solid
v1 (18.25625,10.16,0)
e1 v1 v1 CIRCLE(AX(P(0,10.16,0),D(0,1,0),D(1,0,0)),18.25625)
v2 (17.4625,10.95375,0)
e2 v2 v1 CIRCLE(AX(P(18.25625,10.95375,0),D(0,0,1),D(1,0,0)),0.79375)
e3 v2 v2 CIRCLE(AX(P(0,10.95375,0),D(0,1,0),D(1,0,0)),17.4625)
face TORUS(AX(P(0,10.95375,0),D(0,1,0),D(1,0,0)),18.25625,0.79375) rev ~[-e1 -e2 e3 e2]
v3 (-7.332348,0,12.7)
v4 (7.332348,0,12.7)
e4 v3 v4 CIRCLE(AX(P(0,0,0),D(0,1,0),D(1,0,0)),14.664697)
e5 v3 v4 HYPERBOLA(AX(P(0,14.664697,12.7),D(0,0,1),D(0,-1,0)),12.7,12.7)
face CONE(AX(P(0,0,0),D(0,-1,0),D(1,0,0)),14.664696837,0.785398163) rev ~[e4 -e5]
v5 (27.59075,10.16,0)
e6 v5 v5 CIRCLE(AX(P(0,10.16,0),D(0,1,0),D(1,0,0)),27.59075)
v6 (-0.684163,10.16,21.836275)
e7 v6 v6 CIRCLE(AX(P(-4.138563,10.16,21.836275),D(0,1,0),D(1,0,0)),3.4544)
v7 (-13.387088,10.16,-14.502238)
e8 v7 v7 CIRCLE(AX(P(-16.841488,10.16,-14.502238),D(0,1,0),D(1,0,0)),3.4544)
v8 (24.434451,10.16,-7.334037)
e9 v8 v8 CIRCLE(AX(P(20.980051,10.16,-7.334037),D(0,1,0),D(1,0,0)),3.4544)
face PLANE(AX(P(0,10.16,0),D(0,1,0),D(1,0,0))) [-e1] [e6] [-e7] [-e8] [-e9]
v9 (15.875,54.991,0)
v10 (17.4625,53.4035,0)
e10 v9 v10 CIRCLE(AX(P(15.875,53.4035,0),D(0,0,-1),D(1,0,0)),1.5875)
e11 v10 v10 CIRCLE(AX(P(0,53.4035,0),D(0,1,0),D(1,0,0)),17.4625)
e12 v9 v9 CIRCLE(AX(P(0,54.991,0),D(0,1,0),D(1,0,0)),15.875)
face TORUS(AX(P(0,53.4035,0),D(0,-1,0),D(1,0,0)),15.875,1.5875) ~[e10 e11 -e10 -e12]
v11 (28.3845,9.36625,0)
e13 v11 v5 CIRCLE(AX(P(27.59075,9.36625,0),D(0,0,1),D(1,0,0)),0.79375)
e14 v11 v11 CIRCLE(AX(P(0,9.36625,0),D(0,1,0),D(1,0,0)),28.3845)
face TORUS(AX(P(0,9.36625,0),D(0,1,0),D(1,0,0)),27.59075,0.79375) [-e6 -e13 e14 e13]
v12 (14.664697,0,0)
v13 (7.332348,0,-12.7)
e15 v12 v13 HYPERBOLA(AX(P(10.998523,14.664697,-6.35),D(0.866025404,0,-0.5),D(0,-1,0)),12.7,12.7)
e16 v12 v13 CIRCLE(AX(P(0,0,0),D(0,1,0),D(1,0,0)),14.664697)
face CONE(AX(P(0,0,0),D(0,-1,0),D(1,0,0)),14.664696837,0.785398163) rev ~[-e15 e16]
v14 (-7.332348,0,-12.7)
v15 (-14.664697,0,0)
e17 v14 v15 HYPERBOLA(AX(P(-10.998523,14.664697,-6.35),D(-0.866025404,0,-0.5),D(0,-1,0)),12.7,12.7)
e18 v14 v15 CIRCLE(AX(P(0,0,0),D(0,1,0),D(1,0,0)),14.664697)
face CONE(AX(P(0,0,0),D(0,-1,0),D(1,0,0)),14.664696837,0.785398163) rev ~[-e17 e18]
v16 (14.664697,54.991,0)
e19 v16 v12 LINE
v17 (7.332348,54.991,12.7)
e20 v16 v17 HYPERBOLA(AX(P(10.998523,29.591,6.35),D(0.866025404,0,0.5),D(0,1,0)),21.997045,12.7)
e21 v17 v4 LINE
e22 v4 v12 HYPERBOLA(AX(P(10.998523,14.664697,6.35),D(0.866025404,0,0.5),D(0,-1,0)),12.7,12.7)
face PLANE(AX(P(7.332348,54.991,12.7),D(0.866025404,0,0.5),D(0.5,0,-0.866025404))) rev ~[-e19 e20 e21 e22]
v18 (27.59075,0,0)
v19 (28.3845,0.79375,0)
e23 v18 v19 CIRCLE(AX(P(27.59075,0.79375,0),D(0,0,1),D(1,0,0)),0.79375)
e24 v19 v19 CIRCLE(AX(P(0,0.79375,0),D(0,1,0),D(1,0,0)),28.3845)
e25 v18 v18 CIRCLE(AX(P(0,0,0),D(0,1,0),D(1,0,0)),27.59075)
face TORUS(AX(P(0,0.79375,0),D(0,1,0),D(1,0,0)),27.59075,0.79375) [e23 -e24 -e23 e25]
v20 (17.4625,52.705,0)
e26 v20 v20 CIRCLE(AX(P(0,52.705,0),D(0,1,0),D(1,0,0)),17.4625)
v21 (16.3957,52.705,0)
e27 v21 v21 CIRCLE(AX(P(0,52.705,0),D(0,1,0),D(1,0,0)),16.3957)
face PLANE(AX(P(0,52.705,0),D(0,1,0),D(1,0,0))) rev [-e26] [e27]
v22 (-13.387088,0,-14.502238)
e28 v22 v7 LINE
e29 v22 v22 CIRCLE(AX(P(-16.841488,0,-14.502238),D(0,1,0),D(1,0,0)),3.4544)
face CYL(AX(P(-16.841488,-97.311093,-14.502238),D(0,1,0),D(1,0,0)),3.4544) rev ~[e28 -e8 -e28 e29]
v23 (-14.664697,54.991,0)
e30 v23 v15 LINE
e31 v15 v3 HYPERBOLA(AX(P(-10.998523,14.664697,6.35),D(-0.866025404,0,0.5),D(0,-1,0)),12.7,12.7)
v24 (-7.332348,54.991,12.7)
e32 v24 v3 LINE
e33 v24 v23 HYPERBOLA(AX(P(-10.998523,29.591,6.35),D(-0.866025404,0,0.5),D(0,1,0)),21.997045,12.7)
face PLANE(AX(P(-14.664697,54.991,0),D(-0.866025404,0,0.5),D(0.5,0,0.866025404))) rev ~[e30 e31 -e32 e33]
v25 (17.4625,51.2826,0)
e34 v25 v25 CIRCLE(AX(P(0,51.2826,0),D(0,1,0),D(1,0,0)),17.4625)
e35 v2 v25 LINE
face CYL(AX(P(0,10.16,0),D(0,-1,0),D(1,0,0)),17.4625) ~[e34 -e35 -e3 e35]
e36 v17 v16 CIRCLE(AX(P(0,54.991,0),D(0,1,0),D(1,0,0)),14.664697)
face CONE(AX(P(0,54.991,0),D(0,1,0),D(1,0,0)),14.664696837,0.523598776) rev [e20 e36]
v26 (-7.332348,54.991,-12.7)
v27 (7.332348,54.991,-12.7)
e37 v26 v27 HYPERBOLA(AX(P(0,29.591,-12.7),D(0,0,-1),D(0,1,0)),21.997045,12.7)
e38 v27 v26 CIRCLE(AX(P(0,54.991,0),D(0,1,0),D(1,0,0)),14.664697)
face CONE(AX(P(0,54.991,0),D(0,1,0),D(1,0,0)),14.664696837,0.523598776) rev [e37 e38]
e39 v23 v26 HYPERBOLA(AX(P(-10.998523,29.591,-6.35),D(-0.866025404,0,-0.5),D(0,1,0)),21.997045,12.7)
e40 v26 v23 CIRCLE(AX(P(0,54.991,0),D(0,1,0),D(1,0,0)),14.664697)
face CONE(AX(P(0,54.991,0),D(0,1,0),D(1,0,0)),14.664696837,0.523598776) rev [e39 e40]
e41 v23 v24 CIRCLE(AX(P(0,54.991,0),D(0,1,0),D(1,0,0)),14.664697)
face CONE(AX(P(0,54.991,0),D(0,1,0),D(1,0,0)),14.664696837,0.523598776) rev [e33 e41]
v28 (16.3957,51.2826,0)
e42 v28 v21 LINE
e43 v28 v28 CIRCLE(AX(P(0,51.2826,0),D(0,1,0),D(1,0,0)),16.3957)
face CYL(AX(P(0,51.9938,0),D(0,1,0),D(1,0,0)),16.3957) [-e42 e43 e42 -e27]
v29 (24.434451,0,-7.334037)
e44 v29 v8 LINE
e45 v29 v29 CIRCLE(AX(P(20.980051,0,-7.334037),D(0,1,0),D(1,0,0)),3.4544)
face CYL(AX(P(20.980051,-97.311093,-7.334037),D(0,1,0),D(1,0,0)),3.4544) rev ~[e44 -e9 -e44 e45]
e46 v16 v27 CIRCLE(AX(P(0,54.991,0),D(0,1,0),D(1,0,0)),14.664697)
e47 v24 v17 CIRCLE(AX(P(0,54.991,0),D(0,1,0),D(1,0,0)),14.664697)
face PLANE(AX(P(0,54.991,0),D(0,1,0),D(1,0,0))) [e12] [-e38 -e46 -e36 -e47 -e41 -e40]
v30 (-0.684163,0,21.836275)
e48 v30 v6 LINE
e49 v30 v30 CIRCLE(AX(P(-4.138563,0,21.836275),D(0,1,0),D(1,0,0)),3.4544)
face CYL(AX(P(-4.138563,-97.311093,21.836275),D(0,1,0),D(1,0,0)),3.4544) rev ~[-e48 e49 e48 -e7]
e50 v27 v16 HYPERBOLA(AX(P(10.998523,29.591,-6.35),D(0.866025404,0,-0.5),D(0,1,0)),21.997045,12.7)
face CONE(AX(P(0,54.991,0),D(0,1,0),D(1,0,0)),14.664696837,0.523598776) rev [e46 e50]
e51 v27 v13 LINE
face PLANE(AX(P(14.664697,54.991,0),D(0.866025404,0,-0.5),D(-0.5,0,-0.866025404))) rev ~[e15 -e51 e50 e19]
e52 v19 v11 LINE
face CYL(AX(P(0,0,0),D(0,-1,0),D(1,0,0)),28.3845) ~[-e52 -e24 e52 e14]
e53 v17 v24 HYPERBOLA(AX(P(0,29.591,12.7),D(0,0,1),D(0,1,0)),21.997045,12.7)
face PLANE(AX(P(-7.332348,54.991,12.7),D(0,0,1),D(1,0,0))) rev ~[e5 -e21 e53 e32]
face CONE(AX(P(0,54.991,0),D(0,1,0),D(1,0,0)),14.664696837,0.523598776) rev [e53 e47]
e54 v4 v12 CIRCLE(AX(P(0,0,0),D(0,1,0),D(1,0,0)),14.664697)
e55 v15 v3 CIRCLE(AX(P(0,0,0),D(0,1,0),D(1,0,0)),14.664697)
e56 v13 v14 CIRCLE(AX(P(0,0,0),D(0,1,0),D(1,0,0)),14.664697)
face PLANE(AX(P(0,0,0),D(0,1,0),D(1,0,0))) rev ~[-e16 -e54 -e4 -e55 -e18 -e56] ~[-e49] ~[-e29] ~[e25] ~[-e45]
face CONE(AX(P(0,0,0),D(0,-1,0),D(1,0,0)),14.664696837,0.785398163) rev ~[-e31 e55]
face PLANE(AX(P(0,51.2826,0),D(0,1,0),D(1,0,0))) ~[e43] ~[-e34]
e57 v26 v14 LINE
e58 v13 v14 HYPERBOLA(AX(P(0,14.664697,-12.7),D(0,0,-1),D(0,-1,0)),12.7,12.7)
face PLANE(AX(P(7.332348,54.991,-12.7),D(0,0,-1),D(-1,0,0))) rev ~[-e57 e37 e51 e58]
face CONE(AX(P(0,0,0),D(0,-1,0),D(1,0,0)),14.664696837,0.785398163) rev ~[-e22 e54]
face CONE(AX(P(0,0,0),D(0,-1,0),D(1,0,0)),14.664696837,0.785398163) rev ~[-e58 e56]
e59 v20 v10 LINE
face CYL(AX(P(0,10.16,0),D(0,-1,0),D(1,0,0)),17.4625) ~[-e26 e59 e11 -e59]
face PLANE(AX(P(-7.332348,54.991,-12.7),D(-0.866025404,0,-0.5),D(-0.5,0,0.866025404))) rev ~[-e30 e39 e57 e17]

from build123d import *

# Parameters (mm, degrees)
SKETCH2_R                = 28.3845
BOSS_EXTRUDE1_DEPTH      = 10.16
SKETCH3_R                = 17.4625
BOSS_EXTRUDE2_DEPTH      = 44.831
CUT_EXTRUDE1_DEPTH       = 1
CUT_EXTRUDE1_DEPTH_BACK  = 55.991
F_5_16_24_TAPPED_HOLE2_D = 6.9088
SKETCH10_W               = 1.0668
SKETCH10_H               = 1.4224
FILLET1_R                = 1.5875
FILLET2_R                = 0.79375


with BuildPart() as part:
    # Sketch2 → Boss-Extrude1 (new body)
    with BuildSketch(Plane(origin=(0, 0, 0), x_dir=(1, 0, 0), z_dir=(0, 1, 0))):
        Circle(SKETCH2_R)
    extrude(amount=BOSS_EXTRUDE1_DEPTH)

    # Sketch3 → Boss-Extrude2 (add)
    with BuildSketch(Plane(origin=(0, 10.16, 0), x_dir=(1, 0, 0), z_dir=(0, 1, 0))):
        Circle(SKETCH3_R)
    extrude(amount=BOSS_EXTRUDE2_DEPTH)

    # Sketch4 → Cut-Extrude1 (cut, two sides)
    with BuildSketch(Plane(origin=(0, 54.991, 0), x_dir=(1, 0, 0), z_dir=(0, 1, 0))) as cut_extrude1_sk:
        Polygon((14.664696837, 0), (7.332348419, 12.7), (-7.332348419, 12.7), (-14.664696837, 0), (-7.332348419, -12.7), (7.332348419, -12.7), align=None)
    extrude(amount=CUT_EXTRUDE1_DEPTH, mode=Mode.SUBTRACT)
    extrude(cut_extrude1_sk.sketch, amount=-CUT_EXTRUDE1_DEPTH_BACK, mode=Mode.SUBTRACT)

    # 5/16-24 Tapped Hole2 (through all)
    with Locations(Plane(origin=(0, 0, 0), x_dir=(-1, 0, 0), z_dir=(0, -1, 0))):
        with Locations((4.138562858, -21.83627538), (16.841487774, 14.50223826), (-20.980050632, 7.33403712)):
            Hole(F_5_16_24_TAPPED_HOLE2_D / 2)

    # Sketch10 → Cut-Revolve1 (revolve, cut)
    with BuildSketch(Plane.XY):
        Polygon((14.664696837, 54.991), (0, 29.591), (0, 54.991), align=None)
        Polygon((14.664696837, 0), (0, 14.664696837), (0, 0), align=None)
        with Locations((16.9291, 51.9938)):
            Rectangle(SKETCH10_W, SKETCH10_H)
    revolve(axis=Axis((0, 0, 0), (0, 1, 0)), mode=Mode.SUBTRACT)

    # Fillet1
    fillet1_edges = [part.edges().sort_by_distance(p)[0] for p in [
        (-17.4625, 54.991, 0),
    ]]
    fillet(fillet1_edges, radius=FILLET1_R)

    # Fillet2
    fillet2_edges = [part.edges().sort_by_distance(p)[0] for p in [
        (-28.3845, 0, 0),
        (-28.3845, 10.16, 0),
        (-17.4625, 10.16, 0),
    ]]
    fillet(fillet2_edges, radius=FILLET2_R)


solid = part.part
